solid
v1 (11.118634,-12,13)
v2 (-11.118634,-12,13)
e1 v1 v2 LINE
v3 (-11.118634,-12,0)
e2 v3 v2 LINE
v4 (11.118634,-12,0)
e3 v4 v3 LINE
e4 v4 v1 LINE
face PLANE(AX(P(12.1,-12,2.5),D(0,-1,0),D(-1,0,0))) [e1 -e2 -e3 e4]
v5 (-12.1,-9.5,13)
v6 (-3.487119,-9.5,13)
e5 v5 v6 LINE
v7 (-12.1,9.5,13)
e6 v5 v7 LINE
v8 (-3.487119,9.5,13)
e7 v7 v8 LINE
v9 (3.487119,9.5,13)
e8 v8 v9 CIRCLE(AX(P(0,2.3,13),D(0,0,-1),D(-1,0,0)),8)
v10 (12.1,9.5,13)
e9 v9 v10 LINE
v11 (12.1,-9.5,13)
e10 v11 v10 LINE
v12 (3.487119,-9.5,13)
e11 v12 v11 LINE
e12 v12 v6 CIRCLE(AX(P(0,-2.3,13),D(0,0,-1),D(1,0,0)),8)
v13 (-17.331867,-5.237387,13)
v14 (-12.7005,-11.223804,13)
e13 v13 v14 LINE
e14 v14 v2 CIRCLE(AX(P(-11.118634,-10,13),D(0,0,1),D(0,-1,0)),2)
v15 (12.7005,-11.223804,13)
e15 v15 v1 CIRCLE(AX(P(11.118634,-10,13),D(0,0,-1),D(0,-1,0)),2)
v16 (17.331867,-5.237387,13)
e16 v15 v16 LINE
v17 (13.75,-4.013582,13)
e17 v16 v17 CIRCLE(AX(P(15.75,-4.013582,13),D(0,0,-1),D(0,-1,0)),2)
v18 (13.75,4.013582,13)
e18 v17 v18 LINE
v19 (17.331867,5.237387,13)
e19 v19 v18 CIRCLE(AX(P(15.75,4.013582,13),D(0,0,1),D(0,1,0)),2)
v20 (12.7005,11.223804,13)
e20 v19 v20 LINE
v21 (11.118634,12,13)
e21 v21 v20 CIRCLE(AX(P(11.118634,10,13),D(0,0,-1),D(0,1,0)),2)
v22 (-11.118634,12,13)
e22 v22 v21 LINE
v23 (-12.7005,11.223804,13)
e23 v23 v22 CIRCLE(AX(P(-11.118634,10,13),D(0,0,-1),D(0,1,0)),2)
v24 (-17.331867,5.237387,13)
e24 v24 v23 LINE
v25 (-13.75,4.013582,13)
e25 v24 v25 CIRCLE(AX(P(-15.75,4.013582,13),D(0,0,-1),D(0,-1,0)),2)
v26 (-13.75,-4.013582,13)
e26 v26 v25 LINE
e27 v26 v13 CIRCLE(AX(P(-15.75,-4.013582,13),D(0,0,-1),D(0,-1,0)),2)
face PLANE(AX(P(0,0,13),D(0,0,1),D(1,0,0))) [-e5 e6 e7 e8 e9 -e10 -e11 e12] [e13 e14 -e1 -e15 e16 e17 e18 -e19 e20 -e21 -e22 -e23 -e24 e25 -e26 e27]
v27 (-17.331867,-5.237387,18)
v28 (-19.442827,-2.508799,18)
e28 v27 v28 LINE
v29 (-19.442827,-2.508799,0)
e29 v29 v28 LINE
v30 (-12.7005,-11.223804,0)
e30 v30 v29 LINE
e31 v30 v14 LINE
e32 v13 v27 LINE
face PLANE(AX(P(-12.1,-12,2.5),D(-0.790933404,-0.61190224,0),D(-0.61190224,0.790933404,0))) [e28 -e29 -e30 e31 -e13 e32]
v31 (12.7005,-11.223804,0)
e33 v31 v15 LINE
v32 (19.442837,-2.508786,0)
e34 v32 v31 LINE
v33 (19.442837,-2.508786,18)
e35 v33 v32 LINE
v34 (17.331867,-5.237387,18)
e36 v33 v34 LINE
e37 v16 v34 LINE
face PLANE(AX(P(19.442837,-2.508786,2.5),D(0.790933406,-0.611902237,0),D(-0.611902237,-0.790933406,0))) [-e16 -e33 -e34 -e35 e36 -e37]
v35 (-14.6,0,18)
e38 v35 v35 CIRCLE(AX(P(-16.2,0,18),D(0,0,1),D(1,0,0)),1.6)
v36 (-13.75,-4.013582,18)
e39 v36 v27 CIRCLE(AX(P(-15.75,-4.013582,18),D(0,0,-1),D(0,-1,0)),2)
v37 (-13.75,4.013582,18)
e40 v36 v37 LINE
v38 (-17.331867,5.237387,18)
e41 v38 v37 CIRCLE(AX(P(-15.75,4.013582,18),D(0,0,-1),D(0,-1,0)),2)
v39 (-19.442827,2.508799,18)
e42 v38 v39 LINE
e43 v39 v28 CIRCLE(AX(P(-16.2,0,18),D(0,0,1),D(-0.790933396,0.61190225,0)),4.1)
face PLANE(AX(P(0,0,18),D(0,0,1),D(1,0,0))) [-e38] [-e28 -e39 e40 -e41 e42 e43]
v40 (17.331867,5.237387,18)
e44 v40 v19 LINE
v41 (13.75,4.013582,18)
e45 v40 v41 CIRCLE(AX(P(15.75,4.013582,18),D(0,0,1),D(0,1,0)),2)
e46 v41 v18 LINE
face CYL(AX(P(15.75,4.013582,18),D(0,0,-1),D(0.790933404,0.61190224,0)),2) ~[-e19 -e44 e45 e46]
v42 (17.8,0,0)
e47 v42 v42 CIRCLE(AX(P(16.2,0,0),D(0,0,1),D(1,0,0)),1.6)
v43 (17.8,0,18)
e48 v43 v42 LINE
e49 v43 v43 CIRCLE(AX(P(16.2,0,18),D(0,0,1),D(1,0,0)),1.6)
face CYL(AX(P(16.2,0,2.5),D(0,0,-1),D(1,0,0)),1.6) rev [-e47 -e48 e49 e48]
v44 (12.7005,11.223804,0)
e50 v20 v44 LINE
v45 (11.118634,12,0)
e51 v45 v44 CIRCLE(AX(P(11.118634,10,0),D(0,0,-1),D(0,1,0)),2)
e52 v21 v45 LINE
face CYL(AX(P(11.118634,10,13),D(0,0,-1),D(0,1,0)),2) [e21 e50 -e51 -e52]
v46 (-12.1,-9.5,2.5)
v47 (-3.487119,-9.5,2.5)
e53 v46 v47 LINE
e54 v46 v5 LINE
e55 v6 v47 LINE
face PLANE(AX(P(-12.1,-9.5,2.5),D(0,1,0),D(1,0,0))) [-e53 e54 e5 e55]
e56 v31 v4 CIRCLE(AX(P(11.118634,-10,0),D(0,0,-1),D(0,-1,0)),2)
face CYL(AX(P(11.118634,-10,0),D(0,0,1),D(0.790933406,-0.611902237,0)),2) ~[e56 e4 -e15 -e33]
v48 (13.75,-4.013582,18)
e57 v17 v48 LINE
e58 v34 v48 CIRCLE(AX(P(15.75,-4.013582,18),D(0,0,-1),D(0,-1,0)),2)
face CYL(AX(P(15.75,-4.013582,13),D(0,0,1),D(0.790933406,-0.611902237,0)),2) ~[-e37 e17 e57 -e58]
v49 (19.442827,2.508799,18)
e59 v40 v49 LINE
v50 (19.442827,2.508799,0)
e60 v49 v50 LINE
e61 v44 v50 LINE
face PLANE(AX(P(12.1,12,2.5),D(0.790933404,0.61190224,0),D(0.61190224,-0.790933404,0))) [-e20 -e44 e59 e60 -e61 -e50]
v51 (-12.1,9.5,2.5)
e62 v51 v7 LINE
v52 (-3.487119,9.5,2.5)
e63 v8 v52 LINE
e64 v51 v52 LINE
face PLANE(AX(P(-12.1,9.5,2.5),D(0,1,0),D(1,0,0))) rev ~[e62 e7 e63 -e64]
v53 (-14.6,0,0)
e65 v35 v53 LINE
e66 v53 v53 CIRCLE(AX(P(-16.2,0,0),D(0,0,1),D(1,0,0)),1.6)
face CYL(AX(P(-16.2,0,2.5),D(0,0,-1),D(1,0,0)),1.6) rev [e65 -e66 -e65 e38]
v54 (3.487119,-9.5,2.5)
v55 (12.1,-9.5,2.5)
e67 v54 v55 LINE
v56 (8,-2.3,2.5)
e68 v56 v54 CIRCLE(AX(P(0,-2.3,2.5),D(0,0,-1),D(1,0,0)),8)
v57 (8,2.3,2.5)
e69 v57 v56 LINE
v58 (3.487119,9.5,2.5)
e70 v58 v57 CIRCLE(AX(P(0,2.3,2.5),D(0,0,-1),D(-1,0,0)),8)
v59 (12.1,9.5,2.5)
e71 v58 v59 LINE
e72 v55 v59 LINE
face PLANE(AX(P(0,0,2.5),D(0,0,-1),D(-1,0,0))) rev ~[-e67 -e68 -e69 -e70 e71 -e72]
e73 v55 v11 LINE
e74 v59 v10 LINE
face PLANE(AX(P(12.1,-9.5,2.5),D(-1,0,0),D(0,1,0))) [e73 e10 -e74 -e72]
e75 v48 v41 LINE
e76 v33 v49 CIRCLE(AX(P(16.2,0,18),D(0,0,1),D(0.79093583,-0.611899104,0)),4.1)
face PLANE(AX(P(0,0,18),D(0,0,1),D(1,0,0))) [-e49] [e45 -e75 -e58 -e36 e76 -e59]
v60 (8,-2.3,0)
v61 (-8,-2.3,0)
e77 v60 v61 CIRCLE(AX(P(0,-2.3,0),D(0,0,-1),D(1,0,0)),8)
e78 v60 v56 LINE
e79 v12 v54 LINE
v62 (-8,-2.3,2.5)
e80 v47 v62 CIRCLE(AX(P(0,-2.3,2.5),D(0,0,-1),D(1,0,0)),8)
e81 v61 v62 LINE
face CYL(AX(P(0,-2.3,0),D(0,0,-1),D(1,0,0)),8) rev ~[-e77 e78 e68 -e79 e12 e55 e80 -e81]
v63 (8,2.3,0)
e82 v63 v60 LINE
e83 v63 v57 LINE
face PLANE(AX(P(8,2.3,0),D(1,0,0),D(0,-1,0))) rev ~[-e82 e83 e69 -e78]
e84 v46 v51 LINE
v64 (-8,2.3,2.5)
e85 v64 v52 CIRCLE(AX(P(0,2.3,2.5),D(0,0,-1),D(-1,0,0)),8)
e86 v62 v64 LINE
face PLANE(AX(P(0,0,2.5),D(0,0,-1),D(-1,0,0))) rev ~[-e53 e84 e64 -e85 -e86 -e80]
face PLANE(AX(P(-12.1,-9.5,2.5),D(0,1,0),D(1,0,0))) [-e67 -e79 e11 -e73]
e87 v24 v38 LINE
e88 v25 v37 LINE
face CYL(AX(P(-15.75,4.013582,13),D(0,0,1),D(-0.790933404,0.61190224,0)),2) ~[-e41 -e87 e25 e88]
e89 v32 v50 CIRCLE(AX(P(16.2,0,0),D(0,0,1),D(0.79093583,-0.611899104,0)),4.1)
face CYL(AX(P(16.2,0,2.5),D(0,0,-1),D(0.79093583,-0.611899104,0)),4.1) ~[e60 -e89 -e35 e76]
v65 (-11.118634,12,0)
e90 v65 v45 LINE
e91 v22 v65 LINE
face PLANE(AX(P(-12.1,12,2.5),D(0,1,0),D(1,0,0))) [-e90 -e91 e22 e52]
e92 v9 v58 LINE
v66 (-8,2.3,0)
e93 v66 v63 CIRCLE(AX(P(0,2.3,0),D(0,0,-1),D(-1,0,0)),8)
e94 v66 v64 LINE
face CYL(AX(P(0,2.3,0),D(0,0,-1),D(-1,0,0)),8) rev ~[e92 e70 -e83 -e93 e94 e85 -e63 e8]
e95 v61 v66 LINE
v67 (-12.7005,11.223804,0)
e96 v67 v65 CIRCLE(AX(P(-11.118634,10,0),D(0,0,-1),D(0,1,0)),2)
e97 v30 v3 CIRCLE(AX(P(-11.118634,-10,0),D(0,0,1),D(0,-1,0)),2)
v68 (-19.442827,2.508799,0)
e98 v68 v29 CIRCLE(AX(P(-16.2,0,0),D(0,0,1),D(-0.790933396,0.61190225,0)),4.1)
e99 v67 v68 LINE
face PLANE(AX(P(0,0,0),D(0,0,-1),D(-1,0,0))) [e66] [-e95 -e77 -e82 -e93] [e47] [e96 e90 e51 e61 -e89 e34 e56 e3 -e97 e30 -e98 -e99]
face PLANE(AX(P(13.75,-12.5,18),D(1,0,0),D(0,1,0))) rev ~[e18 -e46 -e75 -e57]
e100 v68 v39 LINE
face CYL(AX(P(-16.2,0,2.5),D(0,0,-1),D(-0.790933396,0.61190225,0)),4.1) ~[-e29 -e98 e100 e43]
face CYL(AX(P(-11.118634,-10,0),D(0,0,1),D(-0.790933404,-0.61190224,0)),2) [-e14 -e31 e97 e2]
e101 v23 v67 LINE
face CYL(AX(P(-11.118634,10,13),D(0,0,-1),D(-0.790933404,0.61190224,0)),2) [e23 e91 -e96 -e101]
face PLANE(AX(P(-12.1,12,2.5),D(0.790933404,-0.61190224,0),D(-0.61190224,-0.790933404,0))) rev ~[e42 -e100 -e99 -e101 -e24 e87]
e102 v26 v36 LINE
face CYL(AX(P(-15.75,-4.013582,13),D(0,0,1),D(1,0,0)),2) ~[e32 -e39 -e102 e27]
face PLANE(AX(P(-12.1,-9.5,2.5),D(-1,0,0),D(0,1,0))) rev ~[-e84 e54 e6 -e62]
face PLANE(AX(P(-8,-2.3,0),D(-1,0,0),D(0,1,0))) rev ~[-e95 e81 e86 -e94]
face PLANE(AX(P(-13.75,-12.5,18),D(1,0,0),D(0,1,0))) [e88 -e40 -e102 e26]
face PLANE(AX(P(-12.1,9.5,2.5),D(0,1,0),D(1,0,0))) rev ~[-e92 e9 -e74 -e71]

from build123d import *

# Parameters (mm, degrees)
SKETCH_R        = 1.6
PAD_DEPTH       = 2.5
SKETCH001_R     = 1.6
SKETCH001_W     = 24.2
SKETCH001_H     = 19
PAD001_DEPTH    = 15.5
SKETCH002_W     = 27.5
SKETCH002_H     = 25
POCKET_DEPTH    = 5
POCKET001_DEPTH = 18.001
FILLET_R        = 2


with BuildPart() as part:
    # Sketch → Pad (new body)
    with BuildSketch(Plane.XY):
        with BuildLine():
            Line((-12.1, 12), (12.1, 12))
            Line((12.1, 12), (19.442827, 2.508799))
            ThreePointArc((19.442837, -2.508786), (20.3, 8e-06), (19.442827, 2.508799))
            Line((19.442837, -2.508786), (12.1, -12))
            Line((12.1, -12), (-12.1, -12))
            Line((-12.1, -12), (-19.442827, -2.508799))
            ThreePointArc((-19.442827, 2.508799), (-20.3, 0), (-19.442827, -2.508799))
            Line((-12.1, 12), (-19.442827, 2.508799))
        make_face()
        with Locations((-16.2, 0)):
            Circle(SKETCH_R, mode=Mode.SUBTRACT)
        with Locations((16.2, 0)):
            Circle(SKETCH_R, mode=Mode.SUBTRACT)
    extrude(amount=PAD_DEPTH)

    # Sketch001 (on Face12 of Pad) → Pad001 (join)
    with BuildSketch(Plane.XY.offset(2.5)):
        with BuildLine():
            Line((-12.1, 12), (-19.442827, 2.508799))
            ThreePointArc((-19.442827, 2.508799), (-20.3, 0), (-19.442827, -2.508799))
            Line((-12.1, -12), (-19.442827, -2.508799))
            Line((12.1, -12), (-12.1, -12))
            Line((19.442837, -2.508786), (12.1, -12))
            ThreePointArc((19.442837, -2.508786), (20.3, 8e-06), (19.442827, 2.508799))
            Line((12.1, 12), (19.442827, 2.508799))
            Line((-12.1, 12), (12.1, 12))
        make_face()
        with Locations((-16.2, 0)):
            Circle(SKETCH001_R, mode=Mode.SUBTRACT)
        with Locations((16.2, 0)):
            Circle(SKETCH001_R, mode=Mode.SUBTRACT)
        Rectangle(SKETCH001_W, SKETCH001_H, mode=Mode.SUBTRACT)
    extrude(amount=PAD001_DEPTH)

    # Sketch002 (on Face15 of Pad001) → Pocket (cut)
    with BuildSketch(Plane.XY.offset(18)):
        Rectangle(SKETCH002_W, SKETCH002_H)
    extrude(amount=-POCKET_DEPTH, mode=Mode.SUBTRACT)

    # Sketch003 (on Face4 of Pocket) → Pocket001 (cut, through all)
    with BuildSketch(Plane(origin=(0, 0, 0), x_dir=(1, 0, 0), z_dir=(0, 0, -1))):
        with BuildLine():
            ThreePointArc((8, 2.3), (0, 10.3), (-8, 2.3))
            Line((-8, 2.3), (-8, -2.3))
            ThreePointArc((-8, -2.3), (0, -10.3), (8, -2.3))
            Line((8, -2.3), (8, 2.3))
        make_face()
    extrude(amount=-POCKET001_DEPTH, mode=Mode.SUBTRACT)

    # Fillet
    fillet_edges = [part.edges().sort_by_distance(p)[0] for p in [
        (-12.1, 12, 7.75),
        (12.1, 12, 7.75),
        (12.1, -12, 7.75),
        (-12.1, -12, 7.75),
        (-13.75, -9.867241, 15.5),
        (13.75, -9.867241, 15.5),
        (13.75, 9.867241, 15.5),
        (-13.75, 9.867241, 15.5),
    ]]
    fillet(fillet_edges, radius=FILLET_R)


solid = part.part
